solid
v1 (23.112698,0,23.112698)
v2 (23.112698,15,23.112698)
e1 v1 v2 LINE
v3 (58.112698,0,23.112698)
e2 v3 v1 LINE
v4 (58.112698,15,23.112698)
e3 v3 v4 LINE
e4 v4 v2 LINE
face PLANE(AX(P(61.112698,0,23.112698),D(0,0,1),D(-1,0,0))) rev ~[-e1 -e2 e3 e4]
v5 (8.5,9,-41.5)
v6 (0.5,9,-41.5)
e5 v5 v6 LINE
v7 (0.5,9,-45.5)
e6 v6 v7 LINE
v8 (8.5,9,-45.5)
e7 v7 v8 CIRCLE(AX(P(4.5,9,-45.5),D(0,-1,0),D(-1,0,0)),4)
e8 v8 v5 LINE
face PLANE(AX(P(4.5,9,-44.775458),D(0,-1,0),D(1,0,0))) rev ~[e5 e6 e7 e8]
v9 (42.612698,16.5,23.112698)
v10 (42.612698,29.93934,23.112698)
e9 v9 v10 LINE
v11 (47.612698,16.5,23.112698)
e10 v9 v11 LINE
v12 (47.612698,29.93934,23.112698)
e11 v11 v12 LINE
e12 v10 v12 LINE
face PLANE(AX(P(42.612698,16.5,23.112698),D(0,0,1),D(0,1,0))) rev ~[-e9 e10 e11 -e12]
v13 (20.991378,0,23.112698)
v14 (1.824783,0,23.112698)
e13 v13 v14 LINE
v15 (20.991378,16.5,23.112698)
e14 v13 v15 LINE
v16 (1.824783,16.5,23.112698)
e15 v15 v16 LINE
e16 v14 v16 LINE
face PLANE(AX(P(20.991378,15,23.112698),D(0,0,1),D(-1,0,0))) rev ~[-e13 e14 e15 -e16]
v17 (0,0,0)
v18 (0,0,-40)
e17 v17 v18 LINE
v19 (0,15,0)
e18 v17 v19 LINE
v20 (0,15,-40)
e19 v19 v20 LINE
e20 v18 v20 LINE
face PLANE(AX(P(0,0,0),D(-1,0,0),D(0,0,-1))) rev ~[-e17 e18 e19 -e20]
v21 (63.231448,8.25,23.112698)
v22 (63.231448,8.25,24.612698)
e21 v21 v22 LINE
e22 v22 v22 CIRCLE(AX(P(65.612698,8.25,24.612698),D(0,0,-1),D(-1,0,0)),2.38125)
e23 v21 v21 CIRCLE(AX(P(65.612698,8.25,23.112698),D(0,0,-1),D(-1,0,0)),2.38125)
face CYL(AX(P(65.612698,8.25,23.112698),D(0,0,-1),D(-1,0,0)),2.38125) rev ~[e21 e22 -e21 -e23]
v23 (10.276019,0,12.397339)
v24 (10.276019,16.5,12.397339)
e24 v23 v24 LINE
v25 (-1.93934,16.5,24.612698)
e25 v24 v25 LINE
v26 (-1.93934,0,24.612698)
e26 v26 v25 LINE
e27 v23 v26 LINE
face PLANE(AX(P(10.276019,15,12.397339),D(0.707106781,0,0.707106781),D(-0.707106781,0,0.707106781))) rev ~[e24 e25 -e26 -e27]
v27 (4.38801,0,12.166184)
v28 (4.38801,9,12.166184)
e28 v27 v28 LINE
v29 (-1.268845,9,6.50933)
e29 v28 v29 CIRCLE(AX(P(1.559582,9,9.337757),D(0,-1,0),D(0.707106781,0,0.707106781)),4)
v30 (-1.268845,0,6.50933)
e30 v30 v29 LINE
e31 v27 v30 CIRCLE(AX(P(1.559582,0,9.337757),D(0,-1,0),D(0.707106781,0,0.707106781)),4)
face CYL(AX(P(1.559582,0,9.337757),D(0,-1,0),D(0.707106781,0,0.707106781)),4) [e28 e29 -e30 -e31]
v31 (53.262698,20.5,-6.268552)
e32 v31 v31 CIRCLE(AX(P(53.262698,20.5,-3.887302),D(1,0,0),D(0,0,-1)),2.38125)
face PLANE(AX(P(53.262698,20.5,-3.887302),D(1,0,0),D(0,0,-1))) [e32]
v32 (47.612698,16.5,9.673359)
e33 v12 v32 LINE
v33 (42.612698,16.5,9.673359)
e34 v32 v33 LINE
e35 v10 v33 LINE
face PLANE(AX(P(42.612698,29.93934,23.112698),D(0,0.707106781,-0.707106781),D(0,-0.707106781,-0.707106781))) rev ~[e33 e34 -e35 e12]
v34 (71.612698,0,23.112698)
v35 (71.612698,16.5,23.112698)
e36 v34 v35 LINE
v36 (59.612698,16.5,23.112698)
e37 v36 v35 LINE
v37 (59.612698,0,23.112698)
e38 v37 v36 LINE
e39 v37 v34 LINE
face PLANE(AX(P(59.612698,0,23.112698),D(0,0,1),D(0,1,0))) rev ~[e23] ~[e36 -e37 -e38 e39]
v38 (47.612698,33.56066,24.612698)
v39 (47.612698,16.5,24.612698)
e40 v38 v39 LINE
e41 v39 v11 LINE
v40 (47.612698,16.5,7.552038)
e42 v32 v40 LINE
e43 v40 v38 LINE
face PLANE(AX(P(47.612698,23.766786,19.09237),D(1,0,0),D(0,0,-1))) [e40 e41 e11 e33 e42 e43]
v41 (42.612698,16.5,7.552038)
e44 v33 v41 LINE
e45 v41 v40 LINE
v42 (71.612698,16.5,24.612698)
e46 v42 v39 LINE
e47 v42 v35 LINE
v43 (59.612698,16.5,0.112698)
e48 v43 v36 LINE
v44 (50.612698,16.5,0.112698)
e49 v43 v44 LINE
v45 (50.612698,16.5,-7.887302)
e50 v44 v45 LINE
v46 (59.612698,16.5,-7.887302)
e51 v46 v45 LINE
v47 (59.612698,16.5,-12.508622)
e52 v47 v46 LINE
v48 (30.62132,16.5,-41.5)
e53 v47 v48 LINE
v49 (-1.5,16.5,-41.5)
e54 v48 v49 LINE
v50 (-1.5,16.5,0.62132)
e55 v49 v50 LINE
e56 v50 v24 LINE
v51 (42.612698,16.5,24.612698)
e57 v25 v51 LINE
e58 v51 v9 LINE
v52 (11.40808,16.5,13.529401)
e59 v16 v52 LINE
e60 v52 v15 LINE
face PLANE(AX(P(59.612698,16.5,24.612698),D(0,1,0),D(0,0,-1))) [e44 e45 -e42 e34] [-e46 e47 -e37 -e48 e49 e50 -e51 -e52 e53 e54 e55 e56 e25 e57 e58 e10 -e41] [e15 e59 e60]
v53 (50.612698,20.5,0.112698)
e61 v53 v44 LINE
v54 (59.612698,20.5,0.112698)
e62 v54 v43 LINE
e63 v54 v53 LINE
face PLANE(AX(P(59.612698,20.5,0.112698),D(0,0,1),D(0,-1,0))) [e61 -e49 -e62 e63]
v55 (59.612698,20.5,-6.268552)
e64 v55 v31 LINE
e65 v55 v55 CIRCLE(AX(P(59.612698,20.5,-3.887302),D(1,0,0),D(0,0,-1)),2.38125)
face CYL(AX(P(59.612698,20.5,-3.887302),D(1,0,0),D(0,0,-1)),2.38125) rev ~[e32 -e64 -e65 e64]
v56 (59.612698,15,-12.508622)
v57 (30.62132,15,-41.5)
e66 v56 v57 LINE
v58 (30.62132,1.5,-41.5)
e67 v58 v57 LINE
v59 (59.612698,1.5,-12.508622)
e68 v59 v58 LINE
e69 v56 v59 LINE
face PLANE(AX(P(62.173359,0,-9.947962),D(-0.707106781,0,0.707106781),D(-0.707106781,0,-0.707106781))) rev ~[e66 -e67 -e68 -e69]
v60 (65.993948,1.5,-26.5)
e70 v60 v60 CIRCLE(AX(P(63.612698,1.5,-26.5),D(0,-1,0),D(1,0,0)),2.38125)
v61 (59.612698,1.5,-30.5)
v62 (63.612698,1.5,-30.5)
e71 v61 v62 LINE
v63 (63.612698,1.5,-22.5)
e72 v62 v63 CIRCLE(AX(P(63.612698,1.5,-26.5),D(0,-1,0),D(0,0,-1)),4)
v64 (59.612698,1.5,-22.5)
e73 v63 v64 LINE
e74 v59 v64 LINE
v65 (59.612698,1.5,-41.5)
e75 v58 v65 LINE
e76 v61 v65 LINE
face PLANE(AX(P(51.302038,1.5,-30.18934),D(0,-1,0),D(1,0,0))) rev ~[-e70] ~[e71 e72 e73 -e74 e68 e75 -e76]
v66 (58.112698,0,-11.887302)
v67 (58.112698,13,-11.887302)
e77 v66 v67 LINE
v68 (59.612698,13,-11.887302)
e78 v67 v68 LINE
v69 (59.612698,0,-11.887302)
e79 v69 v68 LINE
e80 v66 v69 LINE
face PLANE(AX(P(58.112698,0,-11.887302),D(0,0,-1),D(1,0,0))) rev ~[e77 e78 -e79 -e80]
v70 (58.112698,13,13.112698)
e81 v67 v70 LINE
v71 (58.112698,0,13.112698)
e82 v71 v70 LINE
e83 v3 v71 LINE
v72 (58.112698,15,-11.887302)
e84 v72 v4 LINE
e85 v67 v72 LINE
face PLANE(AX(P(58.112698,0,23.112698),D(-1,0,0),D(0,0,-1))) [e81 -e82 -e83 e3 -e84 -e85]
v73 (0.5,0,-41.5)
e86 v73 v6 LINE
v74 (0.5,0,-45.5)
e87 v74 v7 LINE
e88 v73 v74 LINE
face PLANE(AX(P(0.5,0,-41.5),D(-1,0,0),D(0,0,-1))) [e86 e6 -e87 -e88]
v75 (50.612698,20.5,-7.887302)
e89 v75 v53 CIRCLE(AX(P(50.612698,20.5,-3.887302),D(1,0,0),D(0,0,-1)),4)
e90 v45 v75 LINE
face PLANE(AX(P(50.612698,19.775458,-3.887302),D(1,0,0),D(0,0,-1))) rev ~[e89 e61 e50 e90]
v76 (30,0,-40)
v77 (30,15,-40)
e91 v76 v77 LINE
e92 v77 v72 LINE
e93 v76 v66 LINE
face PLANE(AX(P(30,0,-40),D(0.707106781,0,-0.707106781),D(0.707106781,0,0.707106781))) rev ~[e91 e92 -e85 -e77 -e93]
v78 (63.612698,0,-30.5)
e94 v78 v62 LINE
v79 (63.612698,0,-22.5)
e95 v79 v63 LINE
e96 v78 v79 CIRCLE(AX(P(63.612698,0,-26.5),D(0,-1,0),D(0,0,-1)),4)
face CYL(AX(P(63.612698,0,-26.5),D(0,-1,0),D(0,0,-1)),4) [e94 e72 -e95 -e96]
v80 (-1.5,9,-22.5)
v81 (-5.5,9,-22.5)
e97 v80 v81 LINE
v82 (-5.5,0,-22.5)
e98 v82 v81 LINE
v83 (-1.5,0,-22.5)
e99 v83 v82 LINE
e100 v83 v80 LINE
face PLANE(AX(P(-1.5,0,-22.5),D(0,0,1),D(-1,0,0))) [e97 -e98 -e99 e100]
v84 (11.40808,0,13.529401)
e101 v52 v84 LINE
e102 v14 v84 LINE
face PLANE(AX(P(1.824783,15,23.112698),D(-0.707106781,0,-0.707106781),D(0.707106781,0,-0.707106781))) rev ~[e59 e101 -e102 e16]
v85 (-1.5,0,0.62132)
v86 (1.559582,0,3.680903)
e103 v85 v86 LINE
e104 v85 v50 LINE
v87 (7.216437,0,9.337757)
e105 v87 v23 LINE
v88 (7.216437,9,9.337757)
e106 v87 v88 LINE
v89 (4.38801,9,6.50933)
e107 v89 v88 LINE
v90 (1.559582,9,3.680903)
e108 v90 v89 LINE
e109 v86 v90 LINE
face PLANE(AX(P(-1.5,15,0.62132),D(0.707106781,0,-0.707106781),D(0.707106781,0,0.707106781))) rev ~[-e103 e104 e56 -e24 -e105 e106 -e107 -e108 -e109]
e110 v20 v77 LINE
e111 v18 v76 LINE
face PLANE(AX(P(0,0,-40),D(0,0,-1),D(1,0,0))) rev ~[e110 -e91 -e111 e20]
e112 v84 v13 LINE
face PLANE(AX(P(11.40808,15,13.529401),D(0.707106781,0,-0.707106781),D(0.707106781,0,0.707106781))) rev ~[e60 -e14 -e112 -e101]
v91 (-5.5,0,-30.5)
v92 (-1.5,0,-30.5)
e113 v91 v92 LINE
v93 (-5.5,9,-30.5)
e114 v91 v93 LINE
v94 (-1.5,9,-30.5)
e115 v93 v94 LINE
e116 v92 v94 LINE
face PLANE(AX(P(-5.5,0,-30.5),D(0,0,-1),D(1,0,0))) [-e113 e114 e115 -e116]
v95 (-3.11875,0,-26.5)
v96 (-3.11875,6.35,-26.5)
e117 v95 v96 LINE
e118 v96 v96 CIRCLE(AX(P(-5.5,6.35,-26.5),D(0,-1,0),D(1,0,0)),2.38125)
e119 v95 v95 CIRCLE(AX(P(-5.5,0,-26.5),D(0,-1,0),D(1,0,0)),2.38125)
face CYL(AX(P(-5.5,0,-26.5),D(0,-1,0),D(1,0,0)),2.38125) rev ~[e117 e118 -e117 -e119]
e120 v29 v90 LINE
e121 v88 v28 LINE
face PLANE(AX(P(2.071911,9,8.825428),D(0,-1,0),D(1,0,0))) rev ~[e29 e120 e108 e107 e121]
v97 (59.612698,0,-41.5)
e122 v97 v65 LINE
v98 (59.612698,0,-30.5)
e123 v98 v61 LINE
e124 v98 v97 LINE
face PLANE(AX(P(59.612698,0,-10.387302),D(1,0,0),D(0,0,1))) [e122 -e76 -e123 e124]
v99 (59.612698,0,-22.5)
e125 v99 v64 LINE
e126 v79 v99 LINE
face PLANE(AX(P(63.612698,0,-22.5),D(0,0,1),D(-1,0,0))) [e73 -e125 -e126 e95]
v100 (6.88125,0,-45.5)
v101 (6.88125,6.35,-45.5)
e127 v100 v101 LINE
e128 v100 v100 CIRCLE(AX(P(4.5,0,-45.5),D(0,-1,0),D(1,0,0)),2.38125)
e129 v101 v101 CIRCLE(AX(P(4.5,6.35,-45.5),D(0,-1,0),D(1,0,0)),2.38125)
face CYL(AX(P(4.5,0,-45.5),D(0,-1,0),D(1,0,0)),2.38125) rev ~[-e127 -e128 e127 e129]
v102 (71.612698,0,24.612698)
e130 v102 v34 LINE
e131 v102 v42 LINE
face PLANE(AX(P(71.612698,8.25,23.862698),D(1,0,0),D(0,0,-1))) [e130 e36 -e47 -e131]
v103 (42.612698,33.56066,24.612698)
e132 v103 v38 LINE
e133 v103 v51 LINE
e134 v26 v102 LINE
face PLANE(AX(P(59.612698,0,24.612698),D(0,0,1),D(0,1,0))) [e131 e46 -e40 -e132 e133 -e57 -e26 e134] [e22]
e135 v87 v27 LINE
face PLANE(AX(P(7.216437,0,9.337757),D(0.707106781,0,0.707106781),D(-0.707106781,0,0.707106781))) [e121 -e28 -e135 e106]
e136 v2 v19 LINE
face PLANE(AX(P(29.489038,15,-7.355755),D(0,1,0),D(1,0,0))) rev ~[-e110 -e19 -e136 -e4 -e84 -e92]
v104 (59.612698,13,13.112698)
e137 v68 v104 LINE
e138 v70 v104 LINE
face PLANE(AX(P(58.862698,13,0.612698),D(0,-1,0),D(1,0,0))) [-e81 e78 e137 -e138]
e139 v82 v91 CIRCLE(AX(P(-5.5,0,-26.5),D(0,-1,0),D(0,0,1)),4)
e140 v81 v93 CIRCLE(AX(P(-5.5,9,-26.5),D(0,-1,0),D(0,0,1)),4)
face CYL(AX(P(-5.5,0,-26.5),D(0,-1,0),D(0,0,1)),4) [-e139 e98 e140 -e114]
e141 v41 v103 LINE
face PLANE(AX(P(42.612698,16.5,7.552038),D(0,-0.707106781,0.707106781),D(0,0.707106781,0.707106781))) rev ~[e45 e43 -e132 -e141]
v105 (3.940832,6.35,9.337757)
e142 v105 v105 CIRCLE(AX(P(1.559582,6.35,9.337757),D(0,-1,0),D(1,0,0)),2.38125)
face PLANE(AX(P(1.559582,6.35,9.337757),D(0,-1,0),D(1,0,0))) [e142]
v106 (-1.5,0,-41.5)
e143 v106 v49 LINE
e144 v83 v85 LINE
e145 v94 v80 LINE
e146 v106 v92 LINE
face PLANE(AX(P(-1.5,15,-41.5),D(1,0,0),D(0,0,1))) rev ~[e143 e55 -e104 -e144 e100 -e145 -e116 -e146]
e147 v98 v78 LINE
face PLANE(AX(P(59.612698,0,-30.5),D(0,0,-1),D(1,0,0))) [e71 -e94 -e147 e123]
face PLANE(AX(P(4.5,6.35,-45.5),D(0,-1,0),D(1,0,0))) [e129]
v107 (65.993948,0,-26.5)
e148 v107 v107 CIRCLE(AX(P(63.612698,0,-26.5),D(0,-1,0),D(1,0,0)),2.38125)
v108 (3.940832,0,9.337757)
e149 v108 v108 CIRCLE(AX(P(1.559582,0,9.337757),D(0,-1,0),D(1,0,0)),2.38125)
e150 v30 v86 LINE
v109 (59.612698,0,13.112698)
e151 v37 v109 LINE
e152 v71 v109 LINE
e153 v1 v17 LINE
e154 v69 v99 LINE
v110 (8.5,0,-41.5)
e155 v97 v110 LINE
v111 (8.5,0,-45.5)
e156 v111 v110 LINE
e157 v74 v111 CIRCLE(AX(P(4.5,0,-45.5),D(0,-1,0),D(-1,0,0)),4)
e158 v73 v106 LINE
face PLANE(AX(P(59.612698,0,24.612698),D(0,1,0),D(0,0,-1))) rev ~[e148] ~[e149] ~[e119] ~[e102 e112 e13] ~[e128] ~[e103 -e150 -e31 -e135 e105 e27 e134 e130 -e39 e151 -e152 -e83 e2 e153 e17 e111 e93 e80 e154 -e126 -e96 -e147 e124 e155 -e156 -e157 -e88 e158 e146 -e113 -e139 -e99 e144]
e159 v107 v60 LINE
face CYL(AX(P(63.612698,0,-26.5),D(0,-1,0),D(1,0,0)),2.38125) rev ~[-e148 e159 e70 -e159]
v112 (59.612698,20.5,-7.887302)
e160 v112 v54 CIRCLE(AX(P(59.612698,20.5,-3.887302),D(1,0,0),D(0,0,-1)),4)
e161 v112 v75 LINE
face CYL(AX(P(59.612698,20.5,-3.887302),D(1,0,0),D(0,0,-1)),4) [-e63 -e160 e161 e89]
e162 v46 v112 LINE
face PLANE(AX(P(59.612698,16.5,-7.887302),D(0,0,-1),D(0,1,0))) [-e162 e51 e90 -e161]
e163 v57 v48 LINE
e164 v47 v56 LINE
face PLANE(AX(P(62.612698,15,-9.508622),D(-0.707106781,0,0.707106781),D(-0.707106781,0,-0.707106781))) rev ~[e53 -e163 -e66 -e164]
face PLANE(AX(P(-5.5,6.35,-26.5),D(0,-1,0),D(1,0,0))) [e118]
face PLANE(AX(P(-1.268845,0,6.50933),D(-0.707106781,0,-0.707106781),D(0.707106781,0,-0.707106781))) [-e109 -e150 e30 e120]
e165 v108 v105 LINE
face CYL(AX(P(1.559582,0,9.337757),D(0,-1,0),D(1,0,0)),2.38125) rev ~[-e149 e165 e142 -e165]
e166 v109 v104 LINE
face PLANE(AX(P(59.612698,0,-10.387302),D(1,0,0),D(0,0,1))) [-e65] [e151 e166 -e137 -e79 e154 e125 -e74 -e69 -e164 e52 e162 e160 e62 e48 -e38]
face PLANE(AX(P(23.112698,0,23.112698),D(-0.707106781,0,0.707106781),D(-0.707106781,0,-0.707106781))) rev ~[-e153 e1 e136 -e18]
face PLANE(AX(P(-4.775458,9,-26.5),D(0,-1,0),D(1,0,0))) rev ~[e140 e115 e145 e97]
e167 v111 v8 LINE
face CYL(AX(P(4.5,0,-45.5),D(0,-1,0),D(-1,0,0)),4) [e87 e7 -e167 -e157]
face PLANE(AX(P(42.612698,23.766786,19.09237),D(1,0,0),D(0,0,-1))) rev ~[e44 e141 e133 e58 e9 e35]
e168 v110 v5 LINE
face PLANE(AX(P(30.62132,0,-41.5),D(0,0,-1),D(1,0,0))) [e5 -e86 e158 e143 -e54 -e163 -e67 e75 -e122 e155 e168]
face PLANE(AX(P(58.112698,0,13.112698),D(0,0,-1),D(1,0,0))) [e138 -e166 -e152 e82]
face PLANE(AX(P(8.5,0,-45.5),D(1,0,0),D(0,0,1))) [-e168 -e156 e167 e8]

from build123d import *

# Parameters (mm, degrees)
SKETCH1_W            = 38
SKETCH1_H            = 1.5
SKETCH1_W_2          = 1.5
SKETCH1_H_2          = 32
SKETCH1_W_3          = 30
SKETCH1_H_3          = 40
BOSS_EXTRUDE1_DEPTH  = 15
BOSS_EXTRUDE2_DEPTH  = 1.5
SKETCH7_W            = 22
SKETCH7_H            = 12
BOSS_EXTRUDE4_DEPTH  = 10.5
SKETCH9_W            = 12.5
SKETCH9_H            = 8.5
CUT_EXTRUDE10_DEPTH  = 4.5
BOSS_EXTRUDE6_DEPTH  = 1.5
EXTRUDE_THIN1_START  = -20
EXTRUDE_THIN1_DEPTH  = 5
SKETCH16_W           = 10.5
SKETCH16_H           = 12
CUT_EXTRUDE15_DEPTH  = 35.121320344
BOSS_EXTRUDE10_DEPTH = 16
CUT_EXTRUDE16_DEPTH  = 34.560660172
SKETCH21_W           = 1.5
SKETCH21_H           = 25
CUT_EXTRUDE17_DEPTH  = 13
SKETCH25_W           = 1.5
SKETCH25_H           = 16.5
BOSS_EXTRUDE13_DEPTH = 12
BOSS_EXTRUDE14_DEPTH = 9
SKETCH27_R           = 2.38125
CUT_EXTRUDE18_DEPTH  = 6.35
SKETCH29_R           = 2.38125
CUT_EXTRUDE19_DEPTH  = 2.5
BOSS_EXTRUDE15_DEPTH = 9
BOSS_EXTRUDE16_DEPTH = 9
BOSS_EXTRUDE17_DEPTH = 9
BOSS_EXTRUDE18_DEPTH = 1.5
SKETCH34_R           = 2.38125
CUT_EXTRUDE20_DEPTH  = 34.560660172
SKETCH35_R           = 2.38125
CUT_EXTRUDE21_DEPTH  = 6.35


with BuildPart() as part:
    # Sketch1 → Boss-Extrude1 (new body)
    with BuildSketch(Plane(origin=(0, 0, 0), x_dir=(1, 0, 0), z_dir=(0, 1, 0))):
        Polygon((23.112698372, -23.112698372), (0, 0), (-1.060660172, -1.060660172), (10.2760191, -12.397339444), (11.408080409, -13.529400753), (20.991378029, -23.112698372), (22.0520382, -24.173358544), align=None)
        Polygon((23.112698372, -24.612698372), (23.112698372, -23.112698372), (22.0520382, -24.173358544), (22.491378029, -24.612698372), align=None)
        with Locations((42.112698372, -23.862698372)):
            Rectangle(SKETCH1_W, SKETCH1_H)
        with Locations((61.862698372, -23.862698372)):
            Rectangle(SKETCH1_W_2, SKETCH1_H)
        with Locations((61.862698372, -7.112698372)):
            Rectangle(SKETCH1_W_2, SKETCH1_H_2)
        Polygon((62.173358544, 9.9479618), (61.112698372, 8.887301628), (62.612698372, 8.887301628), (62.612698372, 9.508621971), align=None)
        Polygon((31.060660172, 41.060660172), (30, 40), (61.112698372, 8.887301628), (62.173358544, 9.9479618), align=None)
        Polygon((30, 41.5), (30, 40), (31.060660172, 41.060660172), (30.621320344, 41.5), align=None)
        with Locations((15, 40.75)):
            Rectangle(SKETCH1_W_3, SKETCH1_H)
        with Locations((-0.75, 40.75)):
            Rectangle(SKETCH1_W_2, SKETCH1_H)
        with Locations((-0.75, 20)):
            Rectangle(SKETCH1_W_2, SKETCH1_H_3)
        Polygon((-1.060660172, -1.060660172), (0, 0), (-1.5, 0), (-1.5, -0.621320344), align=None)
        Polygon((22.491378029, -24.612698372), (22.0520382, -24.173358544), (20.991378029, -23.112698372), (1.824782789, -23.112698372), (11.408080409, -13.529400753), (10.2760191, -12.397339444), (-1.939339828, -24.612698372), align=None)
    extrude(amount=BOSS_EXTRUDE1_DEPTH)

    # Sketch2 → Boss-Extrude2 (add)
    with BuildSketch(Plane(origin=(0, 15, 0), x_dir=(1, 0, 0), z_dir=(0, 1, 0))):
        Polygon((30.621320344, 41.5), (-1.5, 41.5), (-1.5, -0.621320344), (10.2760191, -12.397339444), (11.408080409, -13.529400753), (20.991378029, -23.112698372), (22.491378029, -24.612698372), (62.612698372, -24.612698372), (62.612698372, 9.508621971), align=None)
        Polygon((0, 40), (30, 40), (61.112698372, 8.887301628), (61.112698372, -23.112698372), (23.112698372, -23.112698372), (0, 0), align=None, mode=Mode.SUBTRACT)
        Polygon((30, 40), (61.112698372, 8.887301628), (61.112698372, -23.112698372), (23.112698372, -23.112698372), (0, 0), (0, 40), align=None)
        Polygon((11.408080409, -13.529400753), (10.2760191, -12.397339444), (-1.939339828, -24.612698372), (19.481361537, -24.612698372), (22.491378029, -24.612698372), (20.991378029, -23.112698372), (1.824782789, -23.112698372), align=None)
    extrude(amount=BOSS_EXTRUDE2_DEPTH)

    # Sketch7 → Boss-Extrude4 (add)
    with BuildSketch(Plane(origin=(62.612698372, 0, 0), x_dir=(0, 0, -1), z_dir=(1, 0, 0))):
        with Locations((-1.491378029, 6)):
            Rectangle(SKETCH7_W, SKETCH7_H)
    extrude(amount=BOSS_EXTRUDE4_DEPTH)

    # Sketch9 → Cut-Extrude10 (cut)
    with BuildSketch(Plane.ZY.offset(-61.112698372)):
        with Locations((1.362698372, 6.25)):
            Rectangle(SKETCH9_W, SKETCH9_H)
    extrude(amount=-CUT_EXTRUDE10_DEPTH, mode=Mode.SUBTRACT)

    # Sketch11 → Boss-Extrude6 (add)
    with BuildSketch(Plane.XZ):
        Polygon((62.612698372, -9.508621971), (30.621320344, -41.5), (62.612698372, -41.5), align=None)
    extrude(amount=-BOSS_EXTRUDE6_DEPTH)

    # Sketch12 → Extrude-Thin1 (add)
    with BuildSketch(Plane(origin=(62.612698372, 0, 0), x_dir=(0, 0, -1), z_dir=(1, 0, 0)).offset(EXTRUDE_THIN1_START)):
        Polygon((-7.5520382, 16.5), (-24.612698372, 33.560660172), (-24.612698372, 16.5), (-23.112698372, 16.5), (-23.112698372, 29.939339828), (-8.612698372, 15.439339828), align=None)
    extrude(amount=EXTRUDE_THIN1_DEPTH)

    # Sketch16 → Cut-Extrude15 (cut, through all)
    with BuildSketch(Plane(origin=(0, 0, -9.508621971), x_dir=(-1, 0, 0), z_dir=(0, 0, -1))):
        with Locations((-67.862698372, 6)):
            Rectangle(SKETCH16_W, SKETCH16_H)
    extrude(amount=-CUT_EXTRUDE15_DEPTH, mode=Mode.SUBTRACT)

    # Sketch19 → Boss-Extrude10 (add)
    with BuildSketch(Plane.XZ):
        Polygon((59.612698372, -10.387301628), (59.612698372, 23.112698372), (58.112698372, 23.112698372), (58.112698372, -11.887301628), align=None)
    extrude(amount=-BOSS_EXTRUDE10_DEPTH)

    # Sketch20 → Cut-Extrude16 (cut, through all)
    with BuildSketch(Plane.XZ):
        Polygon((59.612698372, 23.112698372), (59.612698372, 24.612698372), (62.612698372, 24.612698372), (62.612698372, -41.5), (59.612698372, -41.5), align=None)
    extrude(amount=-CUT_EXTRUDE16_DEPTH, mode=Mode.SUBTRACT)

    # Sketch21 → Cut-Extrude17 (cut)
    with BuildSketch(Plane.XZ):
        with Locations((58.862698372, 0.612698372)):
            Rectangle(SKETCH21_W, SKETCH21_H)
    extrude(amount=-CUT_EXTRUDE17_DEPTH, mode=Mode.SUBTRACT)

    # Sketch25 → Boss-Extrude13 (add)
    with BuildSketch(Plane(origin=(59.612698372, 0, 0), x_dir=(0, 0, -1), z_dir=(1, 0, 0))):
        with Locations((-23.862698372, 8.25)):
            Rectangle(SKETCH25_W, SKETCH25_H)
    extrude(amount=BOSS_EXTRUDE13_DEPTH)

    # Sketch26 → Boss-Extrude14 (add)
    with BuildSketch(Plane(origin=(59.612698372, 0, 0), x_dir=(0, 0, -1), z_dir=(1, 0, 0))):
        with BuildLine():
            Line((-0.112698372, 20.5), (-0.112698372, 16.5))
            Line((-0.112698372, 16.5), (3.887301628, 16.5))
            Line((3.887301628, 16.5), (7.887301628, 16.5))
            Line((7.887301628, 16.5), (7.887301628, 20.5))
            ThreePointArc((7.887301628, 20.5), (3.887301628, 24.5), (-0.112698372, 20.5))
        make_face()
    extrude(amount=-BOSS_EXTRUDE14_DEPTH)

    # Sketch27 → Cut-Extrude18 (cut)
    with BuildSketch(Plane(origin=(59.612698372, 0, 0), x_dir=(0, 0, -1), z_dir=(1, 0, 0))):
        with Locations((3.887301628, 20.5)):
            Circle(SKETCH27_R)
    extrude(amount=-CUT_EXTRUDE18_DEPTH, mode=Mode.SUBTRACT)

    # Sketch29 → Cut-Extrude19 (cut, through all)
    with BuildSketch(Plane(origin=(0, 0, 23.112698372), x_dir=(-1, 0, 0), z_dir=(0, 0, -1))):
        with Locations((-65.612698372, 8.25)):
            Circle(SKETCH29_R)
    extrude(amount=-CUT_EXTRUDE19_DEPTH, mode=Mode.SUBTRACT)

    # Sketch30 → Boss-Extrude15 (add)
    with BuildSketch(Plane.XZ):
        with BuildLine():
            Line((4.5, -41.5), (0.5, -41.5))
            Line((0.5, -41.5), (0.5, -45.5))
            ThreePointArc((0.5, -45.5), (4.5, -49.5), (8.5, -45.5))
            Line((8.5, -45.5), (8.5, -41.5))
            Line((8.5, -41.5), (4.5, -41.5))
        make_face()
    extrude(amount=-BOSS_EXTRUDE15_DEPTH)

    # Sketch31 → Boss-Extrude16 (add)
    with BuildSketch(Plane.XZ):
        with BuildLine():
            Line((-5.5, -30.5), (-1.5, -30.5))
            Line((-1.5, -30.5), (-1.5, -26.5))
            Line((-1.5, -26.5), (-1.5, -22.5))
            Line((-1.5, -22.5), (-5.5, -22.5))
            ThreePointArc((-5.5, -22.5), (-9.5, -26.5), (-5.5, -30.5))
        make_face()
    extrude(amount=-BOSS_EXTRUDE16_DEPTH)

    # Sketch32 → Boss-Extrude17 (add)
    with BuildSketch(Plane.XZ):
        with BuildLine():
            Line((-1.268844699, 6.509329894), (1.559582425, 3.680902769))
            Line((1.559582425, 3.680902769), (4.38800955, 6.509329894))
            Line((4.38800955, 6.509329894), (7.216436675, 9.337757018))
            Line((7.216436675, 9.337757018), (4.38800955, 12.166184143))
            ThreePointArc((4.38800955, 12.166184143), (-1.268844699, 12.166184143), (-1.268844699, 6.509329894))
        make_face()
    extrude(amount=-BOSS_EXTRUDE17_DEPTH)

    # Sketch33 → Boss-Extrude18 (add)
    with BuildSketch(Plane.XZ):
        with BuildLine():
            Line((59.612698372, -26.5), (59.612698372, -30.5))
            Line((59.612698372, -30.5), (63.612698372, -30.5))
            ThreePointArc((63.612698372, -30.5), (67.612698372, -26.5), (63.612698372, -22.5))
            Line((63.612698372, -22.5), (59.612698372, -22.5))
            Line((59.612698372, -22.5), (59.612698372, -26.5))
        make_face()
    extrude(amount=-BOSS_EXTRUDE18_DEPTH)

    # Sketch34 → Cut-Extrude20 (cut, through all)
    with BuildSketch(Plane.XZ):
        with Locations((63.612698372, -26.5)):
            Circle(SKETCH34_R)
    extrude(amount=-CUT_EXTRUDE20_DEPTH, mode=Mode.SUBTRACT)

    # Sketch35 → Cut-Extrude21 (cut)
    with BuildSketch(Plane.XZ):
        with Locations((4.5, -45.5)):
            Circle(SKETCH35_R)
        with Locations((-5.5, -26.5)):
            Circle(SKETCH35_R)
        with Locations((1.559582425, 9.337757018)):
            Circle(SKETCH35_R)
    extrude(amount=-CUT_EXTRUDE21_DEPTH, mode=Mode.SUBTRACT)


solid = part.part
